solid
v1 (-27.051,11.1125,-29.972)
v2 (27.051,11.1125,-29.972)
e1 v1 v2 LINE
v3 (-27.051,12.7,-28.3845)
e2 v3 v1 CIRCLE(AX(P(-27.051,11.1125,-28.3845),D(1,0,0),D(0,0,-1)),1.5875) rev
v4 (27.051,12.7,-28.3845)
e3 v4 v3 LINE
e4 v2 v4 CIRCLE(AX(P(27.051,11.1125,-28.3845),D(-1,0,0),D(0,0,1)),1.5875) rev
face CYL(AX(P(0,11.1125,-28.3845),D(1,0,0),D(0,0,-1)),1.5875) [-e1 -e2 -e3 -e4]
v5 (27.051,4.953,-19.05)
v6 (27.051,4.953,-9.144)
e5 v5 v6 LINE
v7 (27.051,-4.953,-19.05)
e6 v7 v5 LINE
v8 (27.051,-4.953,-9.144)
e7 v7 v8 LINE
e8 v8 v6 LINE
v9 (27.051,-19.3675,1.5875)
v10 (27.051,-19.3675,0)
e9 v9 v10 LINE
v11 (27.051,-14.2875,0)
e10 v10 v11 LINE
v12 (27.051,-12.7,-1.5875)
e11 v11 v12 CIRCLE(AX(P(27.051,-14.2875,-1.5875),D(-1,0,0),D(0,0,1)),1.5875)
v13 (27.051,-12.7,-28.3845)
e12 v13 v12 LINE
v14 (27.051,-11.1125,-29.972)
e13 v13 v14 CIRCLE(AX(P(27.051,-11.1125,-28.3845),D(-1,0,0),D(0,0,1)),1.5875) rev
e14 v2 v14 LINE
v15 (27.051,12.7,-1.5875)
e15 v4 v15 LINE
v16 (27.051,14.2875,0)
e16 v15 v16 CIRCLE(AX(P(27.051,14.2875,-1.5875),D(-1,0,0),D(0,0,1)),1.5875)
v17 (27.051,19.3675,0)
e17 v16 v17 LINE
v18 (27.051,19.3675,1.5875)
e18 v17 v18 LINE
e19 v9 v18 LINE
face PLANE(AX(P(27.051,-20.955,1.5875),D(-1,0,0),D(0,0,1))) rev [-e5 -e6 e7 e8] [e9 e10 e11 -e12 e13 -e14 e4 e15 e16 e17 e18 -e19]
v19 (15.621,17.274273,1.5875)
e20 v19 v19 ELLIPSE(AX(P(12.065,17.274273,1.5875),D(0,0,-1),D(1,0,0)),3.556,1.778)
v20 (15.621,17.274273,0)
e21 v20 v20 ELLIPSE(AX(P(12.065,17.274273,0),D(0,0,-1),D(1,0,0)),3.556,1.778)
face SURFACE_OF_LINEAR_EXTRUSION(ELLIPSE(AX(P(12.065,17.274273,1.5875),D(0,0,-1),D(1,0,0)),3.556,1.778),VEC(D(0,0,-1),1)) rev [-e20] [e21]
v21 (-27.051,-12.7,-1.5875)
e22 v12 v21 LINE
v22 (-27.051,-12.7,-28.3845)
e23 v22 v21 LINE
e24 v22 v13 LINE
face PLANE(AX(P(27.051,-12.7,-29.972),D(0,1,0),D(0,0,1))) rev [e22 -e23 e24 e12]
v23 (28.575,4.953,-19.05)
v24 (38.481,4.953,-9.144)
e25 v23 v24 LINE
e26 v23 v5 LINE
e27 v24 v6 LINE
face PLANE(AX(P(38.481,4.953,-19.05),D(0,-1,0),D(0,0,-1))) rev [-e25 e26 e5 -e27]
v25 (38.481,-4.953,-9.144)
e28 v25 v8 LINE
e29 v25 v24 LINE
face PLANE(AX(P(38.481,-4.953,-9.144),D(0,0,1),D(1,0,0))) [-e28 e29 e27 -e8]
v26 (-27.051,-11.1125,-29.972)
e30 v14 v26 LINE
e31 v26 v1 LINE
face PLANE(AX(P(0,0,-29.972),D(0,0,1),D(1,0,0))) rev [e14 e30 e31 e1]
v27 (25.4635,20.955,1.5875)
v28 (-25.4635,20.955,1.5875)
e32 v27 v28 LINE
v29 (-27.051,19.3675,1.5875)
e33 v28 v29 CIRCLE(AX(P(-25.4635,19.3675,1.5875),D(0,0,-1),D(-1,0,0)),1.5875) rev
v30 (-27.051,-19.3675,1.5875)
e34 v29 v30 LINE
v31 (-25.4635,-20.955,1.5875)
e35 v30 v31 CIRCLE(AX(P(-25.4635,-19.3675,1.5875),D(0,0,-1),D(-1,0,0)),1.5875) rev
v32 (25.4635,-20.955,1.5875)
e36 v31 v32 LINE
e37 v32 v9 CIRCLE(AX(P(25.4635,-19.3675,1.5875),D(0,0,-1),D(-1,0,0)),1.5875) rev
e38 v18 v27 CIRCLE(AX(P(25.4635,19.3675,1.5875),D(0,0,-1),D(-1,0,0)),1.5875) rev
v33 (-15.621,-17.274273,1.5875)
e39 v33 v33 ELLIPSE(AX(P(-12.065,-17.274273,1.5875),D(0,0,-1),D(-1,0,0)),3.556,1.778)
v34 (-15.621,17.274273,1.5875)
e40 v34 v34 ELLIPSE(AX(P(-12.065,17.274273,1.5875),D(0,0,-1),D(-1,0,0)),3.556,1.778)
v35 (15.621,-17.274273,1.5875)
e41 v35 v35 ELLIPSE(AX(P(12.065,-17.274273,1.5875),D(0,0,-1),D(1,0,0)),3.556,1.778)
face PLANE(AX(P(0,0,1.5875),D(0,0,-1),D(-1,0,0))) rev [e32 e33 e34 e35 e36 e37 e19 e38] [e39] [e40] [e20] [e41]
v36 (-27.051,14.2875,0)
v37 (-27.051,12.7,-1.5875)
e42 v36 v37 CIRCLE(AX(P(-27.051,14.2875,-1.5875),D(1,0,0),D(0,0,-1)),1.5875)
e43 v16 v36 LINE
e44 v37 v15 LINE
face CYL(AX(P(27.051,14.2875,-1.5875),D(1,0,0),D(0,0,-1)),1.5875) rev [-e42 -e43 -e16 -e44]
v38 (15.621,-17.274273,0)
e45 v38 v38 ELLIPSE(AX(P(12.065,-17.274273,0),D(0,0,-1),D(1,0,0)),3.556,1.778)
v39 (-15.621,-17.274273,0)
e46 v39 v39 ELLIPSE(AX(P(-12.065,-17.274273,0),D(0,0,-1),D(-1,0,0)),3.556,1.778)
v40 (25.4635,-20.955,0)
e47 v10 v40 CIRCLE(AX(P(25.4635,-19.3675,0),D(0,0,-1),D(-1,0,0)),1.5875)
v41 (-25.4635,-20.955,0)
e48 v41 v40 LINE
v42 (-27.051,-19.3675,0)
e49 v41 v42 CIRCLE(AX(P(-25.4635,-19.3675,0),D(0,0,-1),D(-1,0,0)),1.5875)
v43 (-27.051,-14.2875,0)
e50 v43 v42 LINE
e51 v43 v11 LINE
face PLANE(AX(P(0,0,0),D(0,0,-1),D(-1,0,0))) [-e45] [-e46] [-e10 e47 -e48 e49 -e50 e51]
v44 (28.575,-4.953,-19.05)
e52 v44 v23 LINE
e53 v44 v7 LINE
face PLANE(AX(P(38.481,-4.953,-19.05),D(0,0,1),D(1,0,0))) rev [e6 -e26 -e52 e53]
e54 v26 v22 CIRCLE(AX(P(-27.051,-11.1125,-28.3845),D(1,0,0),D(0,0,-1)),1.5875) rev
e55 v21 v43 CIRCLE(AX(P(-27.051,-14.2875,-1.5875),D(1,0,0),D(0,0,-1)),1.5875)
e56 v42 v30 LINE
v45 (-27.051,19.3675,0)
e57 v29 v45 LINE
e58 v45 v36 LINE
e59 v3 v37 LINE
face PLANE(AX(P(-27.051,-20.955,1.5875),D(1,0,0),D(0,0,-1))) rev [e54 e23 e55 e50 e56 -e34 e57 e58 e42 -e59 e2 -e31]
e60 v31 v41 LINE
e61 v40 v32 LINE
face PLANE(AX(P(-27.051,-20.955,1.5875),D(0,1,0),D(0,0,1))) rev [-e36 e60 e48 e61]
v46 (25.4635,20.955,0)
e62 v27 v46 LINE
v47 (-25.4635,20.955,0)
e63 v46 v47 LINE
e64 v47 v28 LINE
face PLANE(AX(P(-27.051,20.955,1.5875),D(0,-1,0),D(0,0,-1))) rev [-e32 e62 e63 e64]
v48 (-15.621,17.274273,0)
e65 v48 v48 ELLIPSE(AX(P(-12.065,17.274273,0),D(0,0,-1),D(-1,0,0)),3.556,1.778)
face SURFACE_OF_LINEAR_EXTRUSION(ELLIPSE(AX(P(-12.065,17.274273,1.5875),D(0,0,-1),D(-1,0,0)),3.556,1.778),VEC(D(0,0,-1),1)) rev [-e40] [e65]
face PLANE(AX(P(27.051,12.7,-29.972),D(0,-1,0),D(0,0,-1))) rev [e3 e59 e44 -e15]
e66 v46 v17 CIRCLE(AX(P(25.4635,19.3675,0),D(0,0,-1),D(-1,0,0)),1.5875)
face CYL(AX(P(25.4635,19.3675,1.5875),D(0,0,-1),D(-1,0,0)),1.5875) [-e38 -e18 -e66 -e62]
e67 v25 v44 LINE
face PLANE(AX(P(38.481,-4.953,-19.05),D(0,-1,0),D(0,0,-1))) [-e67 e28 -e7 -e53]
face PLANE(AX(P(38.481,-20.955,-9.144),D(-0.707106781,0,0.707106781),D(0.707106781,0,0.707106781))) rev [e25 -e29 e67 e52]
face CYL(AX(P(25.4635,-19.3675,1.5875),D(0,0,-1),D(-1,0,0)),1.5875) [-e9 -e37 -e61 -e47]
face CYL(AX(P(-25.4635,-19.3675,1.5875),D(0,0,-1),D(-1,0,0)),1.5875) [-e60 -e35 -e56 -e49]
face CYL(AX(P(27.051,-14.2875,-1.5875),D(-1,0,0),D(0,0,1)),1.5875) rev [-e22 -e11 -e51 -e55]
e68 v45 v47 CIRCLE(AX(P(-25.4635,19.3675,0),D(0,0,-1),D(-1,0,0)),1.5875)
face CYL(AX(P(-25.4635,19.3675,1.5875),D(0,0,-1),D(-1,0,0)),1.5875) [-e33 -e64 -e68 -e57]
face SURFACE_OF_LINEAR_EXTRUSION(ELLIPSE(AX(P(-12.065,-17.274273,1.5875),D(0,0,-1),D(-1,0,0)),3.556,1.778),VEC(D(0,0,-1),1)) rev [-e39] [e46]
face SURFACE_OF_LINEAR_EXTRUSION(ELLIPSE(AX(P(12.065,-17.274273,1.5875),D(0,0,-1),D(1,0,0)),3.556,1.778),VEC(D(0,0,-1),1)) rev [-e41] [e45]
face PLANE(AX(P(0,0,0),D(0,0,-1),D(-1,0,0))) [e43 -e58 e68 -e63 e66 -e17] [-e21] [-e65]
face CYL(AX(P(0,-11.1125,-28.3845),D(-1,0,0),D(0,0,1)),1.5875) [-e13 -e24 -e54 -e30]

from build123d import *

# Parameters (mm, degrees)
SKETCH1_W           = 54.102
SKETCH1_H           = 41.91
BOSS_EXTRUDE1_DEPTH = 1.5875
FILLET1_R           = 1.5875
SKETCH2_W           = 54.102
SKETCH2_H           = 25.4
BOSS_EXTRUDE2_DEPTH = 29.972
FILLET2_R           = 1.5875
FILLET3_R           = 1.5875
SKETCH3_RX          = 3.556
SKETCH3_RY          = 1.778
CUT_EXTRUDE1_DEPTH  = 2.5875
SKETCH4_W           = 9.906
SKETCH4_H           = 9.906
BOSS_EXTRUDE3_DEPTH = 11.43
CUT_EXTRUDE2_DEPTH  = 26.9080001


with BuildPart() as part:
    # Sketch1 → Boss-Extrude1 (new body)
    with BuildSketch(Plane.XY):
        Rectangle(SKETCH1_W, SKETCH1_H)
    extrude(amount=BOSS_EXTRUDE1_DEPTH)

    # Fillet1
    fillet1_edges = [part.edges().sort_by_distance(p)[0] for p in [
        (27.051, -20.955, 0.79375),
        (-27.051, -20.955, 0.79375),
        (-27.051, 20.955, 0.79375),
        (27.051, 20.955, 0.79375),
    ]]
    fillet(fillet1_edges, radius=FILLET1_R)

    # Sketch2 → Boss-Extrude2 (add)
    with BuildSketch(Plane(origin=(0, 0, 0), x_dir=(-1, 0, 0), z_dir=(0, 0, -1))):
        Rectangle(SKETCH2_W, SKETCH2_H)
    extrude(amount=BOSS_EXTRUDE2_DEPTH)

    # Fillet2
    fillet2_edges = [part.edges().sort_by_distance(p)[0] for p in [
        (0, 12.7, 0),
        (0, -12.7, 0),
    ]]
    fillet(fillet2_edges, radius=FILLET2_R)

    # Fillet3
    fillet3_edges = [part.edges().sort_by_distance(p)[0] for p in [
        (0, 12.7, -29.972),
        (0, -12.7, -29.972),
    ]]
    fillet(fillet3_edges, radius=FILLET3_R)

    # Sketch3 → Cut-Extrude1 (cut, through all)
    with BuildSketch(Plane(origin=(0, 0, 0), x_dir=(-1, 0, 0), z_dir=(0, 0, -1))):
        with Locations(Location((-12.065, -17.274273354), (0, 0, 180))):
            Ellipse(SKETCH3_RX, SKETCH3_RY)
        with Locations((12.065, -17.274273354)):
            Ellipse(SKETCH3_RX, SKETCH3_RY)
        with Locations((12.065, 17.274273354)):
            Ellipse(SKETCH3_RX, SKETCH3_RY)
        with Locations(Location((-12.065, 17.274273354), (0, 0, 180))):
            Ellipse(SKETCH3_RX, SKETCH3_RY)
    extrude(amount=-CUT_EXTRUDE1_DEPTH, mode=Mode.SUBTRACT)

    # Sketch4 → Boss-Extrude3 (add)
    with BuildSketch(Plane(origin=(27.051, 0, 0), x_dir=(0, 0, -1), z_dir=(1, 0, 0))):
        with Locations((14.097, 0)):
            Rectangle(SKETCH4_W, SKETCH4_H)
    extrude(amount=BOSS_EXTRUDE3_DEPTH)

    # Sketch6 → Cut-Extrude2 (cut, through all)
    with BuildSketch(Plane(origin=(0, 4.953, 0), x_dir=(1, 0, 0), z_dir=(0, 1, 0))):
        Polygon((38.481, 9.144), (28.575, 19.05), (38.481, 19.05), align=None)
    extrude(amount=-CUT_EXTRUDE2_DEPTH, mode=Mode.SUBTRACT)


solid = part.part
